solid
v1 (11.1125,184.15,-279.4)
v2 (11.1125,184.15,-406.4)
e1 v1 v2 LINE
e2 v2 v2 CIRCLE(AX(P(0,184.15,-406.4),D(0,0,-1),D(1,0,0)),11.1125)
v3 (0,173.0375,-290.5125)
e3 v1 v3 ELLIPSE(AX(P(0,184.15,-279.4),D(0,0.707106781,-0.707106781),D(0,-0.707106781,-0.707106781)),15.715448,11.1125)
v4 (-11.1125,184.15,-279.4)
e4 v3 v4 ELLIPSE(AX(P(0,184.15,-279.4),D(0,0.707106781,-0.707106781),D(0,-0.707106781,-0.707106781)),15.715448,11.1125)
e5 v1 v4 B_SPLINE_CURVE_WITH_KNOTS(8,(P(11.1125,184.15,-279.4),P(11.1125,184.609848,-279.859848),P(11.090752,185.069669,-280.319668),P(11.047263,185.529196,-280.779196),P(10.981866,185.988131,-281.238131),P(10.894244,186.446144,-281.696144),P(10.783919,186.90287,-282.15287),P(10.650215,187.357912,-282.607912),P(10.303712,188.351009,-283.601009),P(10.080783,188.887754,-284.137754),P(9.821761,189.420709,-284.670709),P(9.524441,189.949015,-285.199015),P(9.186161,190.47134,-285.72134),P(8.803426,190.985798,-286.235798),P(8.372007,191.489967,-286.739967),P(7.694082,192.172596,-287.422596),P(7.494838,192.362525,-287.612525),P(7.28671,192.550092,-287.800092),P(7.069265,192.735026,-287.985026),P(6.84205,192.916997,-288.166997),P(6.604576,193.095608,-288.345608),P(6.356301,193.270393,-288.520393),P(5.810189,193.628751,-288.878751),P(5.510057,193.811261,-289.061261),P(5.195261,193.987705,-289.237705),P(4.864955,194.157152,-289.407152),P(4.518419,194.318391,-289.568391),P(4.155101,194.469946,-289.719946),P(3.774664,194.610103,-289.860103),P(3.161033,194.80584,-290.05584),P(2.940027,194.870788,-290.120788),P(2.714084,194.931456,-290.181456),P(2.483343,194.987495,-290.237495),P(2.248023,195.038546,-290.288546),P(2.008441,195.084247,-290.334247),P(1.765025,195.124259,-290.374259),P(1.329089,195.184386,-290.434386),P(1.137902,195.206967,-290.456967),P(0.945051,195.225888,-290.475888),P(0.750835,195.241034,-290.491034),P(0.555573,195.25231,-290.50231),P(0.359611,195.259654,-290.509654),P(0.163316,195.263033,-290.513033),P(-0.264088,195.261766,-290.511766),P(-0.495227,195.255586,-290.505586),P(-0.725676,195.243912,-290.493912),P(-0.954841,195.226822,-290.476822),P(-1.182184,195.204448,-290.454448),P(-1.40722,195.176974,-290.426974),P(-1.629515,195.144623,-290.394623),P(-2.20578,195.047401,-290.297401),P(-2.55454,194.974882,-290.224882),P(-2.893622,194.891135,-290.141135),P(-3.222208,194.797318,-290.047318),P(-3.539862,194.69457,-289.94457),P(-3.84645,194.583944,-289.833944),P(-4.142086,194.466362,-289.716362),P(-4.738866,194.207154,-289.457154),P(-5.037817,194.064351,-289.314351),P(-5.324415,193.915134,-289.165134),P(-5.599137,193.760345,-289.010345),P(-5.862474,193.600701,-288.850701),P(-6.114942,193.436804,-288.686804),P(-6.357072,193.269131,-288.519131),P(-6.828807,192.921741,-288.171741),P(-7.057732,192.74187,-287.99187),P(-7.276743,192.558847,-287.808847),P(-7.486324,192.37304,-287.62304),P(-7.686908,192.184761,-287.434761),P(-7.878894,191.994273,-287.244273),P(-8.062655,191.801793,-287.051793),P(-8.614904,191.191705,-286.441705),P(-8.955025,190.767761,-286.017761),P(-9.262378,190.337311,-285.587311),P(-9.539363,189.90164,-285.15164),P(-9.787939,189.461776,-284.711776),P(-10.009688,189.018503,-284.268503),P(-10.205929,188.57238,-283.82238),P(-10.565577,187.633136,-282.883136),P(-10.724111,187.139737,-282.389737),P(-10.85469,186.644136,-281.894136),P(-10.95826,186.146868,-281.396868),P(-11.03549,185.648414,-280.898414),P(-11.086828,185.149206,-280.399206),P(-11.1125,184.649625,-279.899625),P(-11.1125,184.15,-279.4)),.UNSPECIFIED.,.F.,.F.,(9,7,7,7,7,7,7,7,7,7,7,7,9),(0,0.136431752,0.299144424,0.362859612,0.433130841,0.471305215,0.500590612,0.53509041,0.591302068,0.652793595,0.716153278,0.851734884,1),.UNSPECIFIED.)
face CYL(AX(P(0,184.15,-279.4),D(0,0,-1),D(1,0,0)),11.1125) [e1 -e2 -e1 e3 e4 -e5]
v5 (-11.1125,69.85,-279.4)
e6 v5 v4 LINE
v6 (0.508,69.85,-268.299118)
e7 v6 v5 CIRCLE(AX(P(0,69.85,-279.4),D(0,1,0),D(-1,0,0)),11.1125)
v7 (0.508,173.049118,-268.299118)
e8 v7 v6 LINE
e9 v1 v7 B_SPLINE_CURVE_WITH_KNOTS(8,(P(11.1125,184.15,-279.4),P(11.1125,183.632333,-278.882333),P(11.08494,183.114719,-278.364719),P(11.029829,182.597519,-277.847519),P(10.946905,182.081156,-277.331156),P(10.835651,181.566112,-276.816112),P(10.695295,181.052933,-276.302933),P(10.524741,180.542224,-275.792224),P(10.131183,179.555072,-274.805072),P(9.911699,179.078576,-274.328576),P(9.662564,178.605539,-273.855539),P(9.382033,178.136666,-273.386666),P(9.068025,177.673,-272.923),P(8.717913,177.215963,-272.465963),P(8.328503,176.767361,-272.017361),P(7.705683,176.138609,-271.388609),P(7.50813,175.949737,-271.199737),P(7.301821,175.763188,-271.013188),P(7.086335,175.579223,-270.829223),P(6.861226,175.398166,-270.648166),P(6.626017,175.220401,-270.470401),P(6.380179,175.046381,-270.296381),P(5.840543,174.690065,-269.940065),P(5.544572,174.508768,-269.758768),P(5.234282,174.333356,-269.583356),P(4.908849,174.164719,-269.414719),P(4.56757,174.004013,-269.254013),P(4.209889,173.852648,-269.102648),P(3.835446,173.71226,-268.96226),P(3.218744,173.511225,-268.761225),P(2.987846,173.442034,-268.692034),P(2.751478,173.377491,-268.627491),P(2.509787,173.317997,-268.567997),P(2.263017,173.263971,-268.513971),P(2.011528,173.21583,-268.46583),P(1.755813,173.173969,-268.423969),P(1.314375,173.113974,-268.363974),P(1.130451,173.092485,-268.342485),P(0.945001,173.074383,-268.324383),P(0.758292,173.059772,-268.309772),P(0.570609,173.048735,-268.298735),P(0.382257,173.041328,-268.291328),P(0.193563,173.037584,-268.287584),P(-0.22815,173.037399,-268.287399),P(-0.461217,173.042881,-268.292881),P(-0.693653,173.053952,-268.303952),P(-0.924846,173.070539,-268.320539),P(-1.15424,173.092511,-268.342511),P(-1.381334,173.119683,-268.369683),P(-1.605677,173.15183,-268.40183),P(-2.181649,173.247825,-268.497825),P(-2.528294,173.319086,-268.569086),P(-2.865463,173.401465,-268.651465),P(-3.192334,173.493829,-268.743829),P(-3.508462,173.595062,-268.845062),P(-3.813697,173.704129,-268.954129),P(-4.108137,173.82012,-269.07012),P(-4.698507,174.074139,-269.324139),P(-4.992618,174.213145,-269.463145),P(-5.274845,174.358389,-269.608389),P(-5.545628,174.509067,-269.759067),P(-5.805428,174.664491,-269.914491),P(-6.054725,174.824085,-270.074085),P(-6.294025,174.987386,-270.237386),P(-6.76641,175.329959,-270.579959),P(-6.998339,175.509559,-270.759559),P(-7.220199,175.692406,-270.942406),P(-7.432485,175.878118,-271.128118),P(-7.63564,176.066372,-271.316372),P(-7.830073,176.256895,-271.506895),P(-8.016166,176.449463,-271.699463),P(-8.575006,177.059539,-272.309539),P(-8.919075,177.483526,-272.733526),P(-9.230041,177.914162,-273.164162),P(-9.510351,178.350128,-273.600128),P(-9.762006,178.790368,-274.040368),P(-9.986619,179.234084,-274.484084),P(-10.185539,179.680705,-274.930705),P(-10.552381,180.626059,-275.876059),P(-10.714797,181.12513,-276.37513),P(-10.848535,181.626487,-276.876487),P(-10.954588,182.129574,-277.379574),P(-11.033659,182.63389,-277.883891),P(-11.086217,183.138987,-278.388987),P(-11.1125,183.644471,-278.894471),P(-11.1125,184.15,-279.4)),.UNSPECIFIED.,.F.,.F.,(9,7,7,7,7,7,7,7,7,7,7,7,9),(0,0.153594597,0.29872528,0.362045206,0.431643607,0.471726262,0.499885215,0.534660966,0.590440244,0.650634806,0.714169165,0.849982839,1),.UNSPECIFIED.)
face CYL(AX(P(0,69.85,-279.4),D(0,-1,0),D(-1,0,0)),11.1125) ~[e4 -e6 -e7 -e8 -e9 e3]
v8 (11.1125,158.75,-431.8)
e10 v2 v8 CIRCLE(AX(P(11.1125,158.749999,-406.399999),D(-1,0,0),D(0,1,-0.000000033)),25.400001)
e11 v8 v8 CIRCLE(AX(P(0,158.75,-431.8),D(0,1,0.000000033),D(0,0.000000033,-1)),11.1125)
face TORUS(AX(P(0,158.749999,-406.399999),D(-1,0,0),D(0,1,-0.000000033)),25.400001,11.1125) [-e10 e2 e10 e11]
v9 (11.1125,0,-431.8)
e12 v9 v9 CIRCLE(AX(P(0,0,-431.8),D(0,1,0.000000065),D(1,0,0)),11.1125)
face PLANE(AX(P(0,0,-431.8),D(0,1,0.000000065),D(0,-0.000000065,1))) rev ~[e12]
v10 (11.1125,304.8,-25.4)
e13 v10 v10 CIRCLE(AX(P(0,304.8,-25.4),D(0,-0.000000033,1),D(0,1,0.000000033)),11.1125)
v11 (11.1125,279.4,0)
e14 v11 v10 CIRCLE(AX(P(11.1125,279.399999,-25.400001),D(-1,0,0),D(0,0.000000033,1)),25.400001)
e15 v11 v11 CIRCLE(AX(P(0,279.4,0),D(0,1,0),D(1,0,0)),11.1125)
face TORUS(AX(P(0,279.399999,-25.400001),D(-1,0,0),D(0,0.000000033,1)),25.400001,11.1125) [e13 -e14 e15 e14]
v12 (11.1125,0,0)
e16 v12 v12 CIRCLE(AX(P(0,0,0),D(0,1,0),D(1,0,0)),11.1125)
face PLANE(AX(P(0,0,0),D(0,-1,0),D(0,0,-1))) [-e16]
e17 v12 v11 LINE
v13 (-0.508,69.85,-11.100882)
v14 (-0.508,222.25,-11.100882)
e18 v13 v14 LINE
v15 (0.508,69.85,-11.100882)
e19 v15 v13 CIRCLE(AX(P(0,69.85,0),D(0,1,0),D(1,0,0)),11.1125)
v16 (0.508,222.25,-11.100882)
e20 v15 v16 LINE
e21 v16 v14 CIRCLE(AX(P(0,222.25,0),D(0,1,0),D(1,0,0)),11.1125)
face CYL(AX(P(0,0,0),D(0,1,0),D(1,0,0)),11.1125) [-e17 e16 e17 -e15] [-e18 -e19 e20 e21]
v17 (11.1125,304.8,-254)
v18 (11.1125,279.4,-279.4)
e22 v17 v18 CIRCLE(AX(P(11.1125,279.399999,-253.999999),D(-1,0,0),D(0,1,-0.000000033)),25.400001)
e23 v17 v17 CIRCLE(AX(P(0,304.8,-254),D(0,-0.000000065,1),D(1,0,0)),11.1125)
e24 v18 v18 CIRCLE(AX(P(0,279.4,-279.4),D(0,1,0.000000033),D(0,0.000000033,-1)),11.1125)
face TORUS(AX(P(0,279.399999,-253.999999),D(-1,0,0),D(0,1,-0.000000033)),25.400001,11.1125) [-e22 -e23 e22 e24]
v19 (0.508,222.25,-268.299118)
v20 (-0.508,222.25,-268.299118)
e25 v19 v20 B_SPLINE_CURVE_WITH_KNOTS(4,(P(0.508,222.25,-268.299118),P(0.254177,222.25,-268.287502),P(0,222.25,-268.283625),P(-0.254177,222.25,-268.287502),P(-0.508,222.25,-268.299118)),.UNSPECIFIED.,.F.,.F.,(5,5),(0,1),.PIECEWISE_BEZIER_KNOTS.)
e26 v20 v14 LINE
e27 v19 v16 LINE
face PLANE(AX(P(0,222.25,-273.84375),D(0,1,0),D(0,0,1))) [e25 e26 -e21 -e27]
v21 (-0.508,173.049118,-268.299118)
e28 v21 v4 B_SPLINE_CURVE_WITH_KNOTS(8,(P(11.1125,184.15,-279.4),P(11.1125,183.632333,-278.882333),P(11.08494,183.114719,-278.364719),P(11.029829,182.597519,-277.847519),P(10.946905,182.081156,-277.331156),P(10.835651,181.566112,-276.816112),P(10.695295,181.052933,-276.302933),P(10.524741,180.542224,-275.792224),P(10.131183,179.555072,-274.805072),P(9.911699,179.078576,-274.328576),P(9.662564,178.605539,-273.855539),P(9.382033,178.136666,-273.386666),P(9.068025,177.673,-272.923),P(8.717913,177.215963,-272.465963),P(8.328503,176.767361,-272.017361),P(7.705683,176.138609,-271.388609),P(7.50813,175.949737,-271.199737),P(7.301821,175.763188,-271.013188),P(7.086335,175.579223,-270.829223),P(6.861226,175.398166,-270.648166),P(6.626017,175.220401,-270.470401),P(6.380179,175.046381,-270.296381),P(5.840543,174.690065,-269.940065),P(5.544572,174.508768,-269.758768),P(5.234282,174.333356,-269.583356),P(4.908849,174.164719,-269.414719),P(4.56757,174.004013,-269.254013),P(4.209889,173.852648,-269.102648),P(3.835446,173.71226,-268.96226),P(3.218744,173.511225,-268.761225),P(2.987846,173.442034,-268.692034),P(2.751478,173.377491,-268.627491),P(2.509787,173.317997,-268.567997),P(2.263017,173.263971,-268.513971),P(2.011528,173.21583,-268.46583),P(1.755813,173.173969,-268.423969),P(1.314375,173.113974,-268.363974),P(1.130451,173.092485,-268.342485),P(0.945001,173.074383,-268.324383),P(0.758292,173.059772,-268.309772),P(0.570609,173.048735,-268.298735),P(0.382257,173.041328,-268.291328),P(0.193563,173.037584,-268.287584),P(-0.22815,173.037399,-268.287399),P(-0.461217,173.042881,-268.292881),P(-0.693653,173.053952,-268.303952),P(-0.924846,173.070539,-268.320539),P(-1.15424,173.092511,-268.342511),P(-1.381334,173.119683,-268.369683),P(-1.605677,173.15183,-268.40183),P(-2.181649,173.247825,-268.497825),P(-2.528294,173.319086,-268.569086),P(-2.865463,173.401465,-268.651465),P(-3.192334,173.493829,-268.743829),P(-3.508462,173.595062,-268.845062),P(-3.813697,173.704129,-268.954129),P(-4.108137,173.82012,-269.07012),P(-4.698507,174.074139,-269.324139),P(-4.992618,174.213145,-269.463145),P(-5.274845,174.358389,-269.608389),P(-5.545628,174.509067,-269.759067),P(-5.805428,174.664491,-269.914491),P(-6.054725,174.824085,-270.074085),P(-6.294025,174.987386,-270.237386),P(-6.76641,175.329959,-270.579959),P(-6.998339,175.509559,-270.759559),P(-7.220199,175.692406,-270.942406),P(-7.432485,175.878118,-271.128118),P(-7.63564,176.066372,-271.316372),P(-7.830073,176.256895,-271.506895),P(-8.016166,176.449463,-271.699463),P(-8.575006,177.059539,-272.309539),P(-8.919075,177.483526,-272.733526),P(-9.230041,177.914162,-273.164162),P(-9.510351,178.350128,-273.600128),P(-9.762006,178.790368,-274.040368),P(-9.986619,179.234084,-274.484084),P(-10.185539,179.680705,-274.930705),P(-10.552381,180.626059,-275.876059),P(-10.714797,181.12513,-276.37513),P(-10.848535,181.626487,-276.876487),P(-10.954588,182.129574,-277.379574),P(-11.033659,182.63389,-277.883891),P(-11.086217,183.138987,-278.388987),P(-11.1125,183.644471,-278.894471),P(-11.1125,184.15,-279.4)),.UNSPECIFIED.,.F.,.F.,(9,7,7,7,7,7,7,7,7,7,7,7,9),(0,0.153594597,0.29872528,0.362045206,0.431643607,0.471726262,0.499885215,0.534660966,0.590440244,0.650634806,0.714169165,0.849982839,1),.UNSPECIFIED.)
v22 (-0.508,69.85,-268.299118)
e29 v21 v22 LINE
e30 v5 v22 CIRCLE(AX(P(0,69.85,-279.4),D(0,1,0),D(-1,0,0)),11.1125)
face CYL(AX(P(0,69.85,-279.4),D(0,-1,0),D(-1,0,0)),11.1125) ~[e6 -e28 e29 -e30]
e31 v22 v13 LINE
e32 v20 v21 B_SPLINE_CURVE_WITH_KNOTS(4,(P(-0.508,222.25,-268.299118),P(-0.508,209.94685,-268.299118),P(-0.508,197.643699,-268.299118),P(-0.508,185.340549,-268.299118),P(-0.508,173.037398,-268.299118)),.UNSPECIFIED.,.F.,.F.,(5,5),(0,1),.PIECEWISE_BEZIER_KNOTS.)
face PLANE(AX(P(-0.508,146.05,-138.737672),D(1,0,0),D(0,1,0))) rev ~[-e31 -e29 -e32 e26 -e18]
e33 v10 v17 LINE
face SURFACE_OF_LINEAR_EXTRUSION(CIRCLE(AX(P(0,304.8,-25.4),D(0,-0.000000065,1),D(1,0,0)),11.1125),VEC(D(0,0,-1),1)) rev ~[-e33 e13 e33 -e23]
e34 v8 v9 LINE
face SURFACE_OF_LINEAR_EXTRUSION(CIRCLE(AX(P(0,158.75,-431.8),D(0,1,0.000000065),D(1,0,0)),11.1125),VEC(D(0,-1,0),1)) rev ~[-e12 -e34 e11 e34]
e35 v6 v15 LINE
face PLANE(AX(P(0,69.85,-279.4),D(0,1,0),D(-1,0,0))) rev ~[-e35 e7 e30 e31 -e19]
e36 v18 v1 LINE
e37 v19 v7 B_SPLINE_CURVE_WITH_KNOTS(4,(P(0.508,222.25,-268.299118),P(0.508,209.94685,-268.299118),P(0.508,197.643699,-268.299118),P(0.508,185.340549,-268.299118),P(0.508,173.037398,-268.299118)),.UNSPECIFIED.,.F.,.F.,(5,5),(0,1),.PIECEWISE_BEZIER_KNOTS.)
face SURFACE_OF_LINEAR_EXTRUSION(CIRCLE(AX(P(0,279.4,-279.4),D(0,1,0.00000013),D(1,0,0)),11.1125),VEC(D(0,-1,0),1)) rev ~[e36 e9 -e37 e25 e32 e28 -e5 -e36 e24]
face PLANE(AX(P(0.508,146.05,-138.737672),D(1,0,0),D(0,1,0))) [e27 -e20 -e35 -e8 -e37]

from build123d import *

# Parameters (mm, degrees)
SKETCH_R     = 11.1125
SKETCH003_R  = 11.1125
PAD_DEPTH    = 137
SKETCH004_W  = 152.4
SKETCH004_H  = 270.212156
PAD001_DEPTH = 0.508


with BuildPart() as part:
    # AdditivePipe: sweep along a path in Sketch001
    with BuildLine(Plane.YZ) as additivepipe_path:
        Line((0, 0), (279.4, 0))
        ThreePointArc((279.4, 0), (297.360512, -7.439488), (304.8, -25.4))
        Line((304.8, -25.4), (304.8, -254))
        ThreePointArc((304.8, -254), (297.360512, -271.960512), (279.4, -279.4))
        Line((279.4, -279.4), (184.15, -279.4))
        Line((184.15, -279.4), (184.15, -406.4))
        ThreePointArc((184.15, -406.4), (176.710512, -424.360512), (158.75, -431.8))
        Line((158.75, -431.8), (0, -431.8))
    # Sketch → AdditivePipe (sweep)
    with BuildSketch(Plane.XZ):
        Circle(SKETCH_R)
    sweep(path=additivepipe_path.line, transition=Transition.RIGHT)

    # Sketch003 (on DatumPlane) → Pad (new body)
    with BuildSketch(Plane(origin=(0, 69.85, -279.4), x_dir=(-1, 0, 0), z_dir=(0, 1, 0))):
        Circle(SKETCH003_R)
    extrude(amount=PAD_DEPTH)

    # Sketch004 → Pad001 (join, symmetric)
    with BuildSketch(Plane.YZ):
        with Locations((146.05, -138.737672)):
            Rectangle(SKETCH004_W, SKETCH004_H)
    extrude(amount=PAD001_DEPTH, both=True)


solid = part.part
